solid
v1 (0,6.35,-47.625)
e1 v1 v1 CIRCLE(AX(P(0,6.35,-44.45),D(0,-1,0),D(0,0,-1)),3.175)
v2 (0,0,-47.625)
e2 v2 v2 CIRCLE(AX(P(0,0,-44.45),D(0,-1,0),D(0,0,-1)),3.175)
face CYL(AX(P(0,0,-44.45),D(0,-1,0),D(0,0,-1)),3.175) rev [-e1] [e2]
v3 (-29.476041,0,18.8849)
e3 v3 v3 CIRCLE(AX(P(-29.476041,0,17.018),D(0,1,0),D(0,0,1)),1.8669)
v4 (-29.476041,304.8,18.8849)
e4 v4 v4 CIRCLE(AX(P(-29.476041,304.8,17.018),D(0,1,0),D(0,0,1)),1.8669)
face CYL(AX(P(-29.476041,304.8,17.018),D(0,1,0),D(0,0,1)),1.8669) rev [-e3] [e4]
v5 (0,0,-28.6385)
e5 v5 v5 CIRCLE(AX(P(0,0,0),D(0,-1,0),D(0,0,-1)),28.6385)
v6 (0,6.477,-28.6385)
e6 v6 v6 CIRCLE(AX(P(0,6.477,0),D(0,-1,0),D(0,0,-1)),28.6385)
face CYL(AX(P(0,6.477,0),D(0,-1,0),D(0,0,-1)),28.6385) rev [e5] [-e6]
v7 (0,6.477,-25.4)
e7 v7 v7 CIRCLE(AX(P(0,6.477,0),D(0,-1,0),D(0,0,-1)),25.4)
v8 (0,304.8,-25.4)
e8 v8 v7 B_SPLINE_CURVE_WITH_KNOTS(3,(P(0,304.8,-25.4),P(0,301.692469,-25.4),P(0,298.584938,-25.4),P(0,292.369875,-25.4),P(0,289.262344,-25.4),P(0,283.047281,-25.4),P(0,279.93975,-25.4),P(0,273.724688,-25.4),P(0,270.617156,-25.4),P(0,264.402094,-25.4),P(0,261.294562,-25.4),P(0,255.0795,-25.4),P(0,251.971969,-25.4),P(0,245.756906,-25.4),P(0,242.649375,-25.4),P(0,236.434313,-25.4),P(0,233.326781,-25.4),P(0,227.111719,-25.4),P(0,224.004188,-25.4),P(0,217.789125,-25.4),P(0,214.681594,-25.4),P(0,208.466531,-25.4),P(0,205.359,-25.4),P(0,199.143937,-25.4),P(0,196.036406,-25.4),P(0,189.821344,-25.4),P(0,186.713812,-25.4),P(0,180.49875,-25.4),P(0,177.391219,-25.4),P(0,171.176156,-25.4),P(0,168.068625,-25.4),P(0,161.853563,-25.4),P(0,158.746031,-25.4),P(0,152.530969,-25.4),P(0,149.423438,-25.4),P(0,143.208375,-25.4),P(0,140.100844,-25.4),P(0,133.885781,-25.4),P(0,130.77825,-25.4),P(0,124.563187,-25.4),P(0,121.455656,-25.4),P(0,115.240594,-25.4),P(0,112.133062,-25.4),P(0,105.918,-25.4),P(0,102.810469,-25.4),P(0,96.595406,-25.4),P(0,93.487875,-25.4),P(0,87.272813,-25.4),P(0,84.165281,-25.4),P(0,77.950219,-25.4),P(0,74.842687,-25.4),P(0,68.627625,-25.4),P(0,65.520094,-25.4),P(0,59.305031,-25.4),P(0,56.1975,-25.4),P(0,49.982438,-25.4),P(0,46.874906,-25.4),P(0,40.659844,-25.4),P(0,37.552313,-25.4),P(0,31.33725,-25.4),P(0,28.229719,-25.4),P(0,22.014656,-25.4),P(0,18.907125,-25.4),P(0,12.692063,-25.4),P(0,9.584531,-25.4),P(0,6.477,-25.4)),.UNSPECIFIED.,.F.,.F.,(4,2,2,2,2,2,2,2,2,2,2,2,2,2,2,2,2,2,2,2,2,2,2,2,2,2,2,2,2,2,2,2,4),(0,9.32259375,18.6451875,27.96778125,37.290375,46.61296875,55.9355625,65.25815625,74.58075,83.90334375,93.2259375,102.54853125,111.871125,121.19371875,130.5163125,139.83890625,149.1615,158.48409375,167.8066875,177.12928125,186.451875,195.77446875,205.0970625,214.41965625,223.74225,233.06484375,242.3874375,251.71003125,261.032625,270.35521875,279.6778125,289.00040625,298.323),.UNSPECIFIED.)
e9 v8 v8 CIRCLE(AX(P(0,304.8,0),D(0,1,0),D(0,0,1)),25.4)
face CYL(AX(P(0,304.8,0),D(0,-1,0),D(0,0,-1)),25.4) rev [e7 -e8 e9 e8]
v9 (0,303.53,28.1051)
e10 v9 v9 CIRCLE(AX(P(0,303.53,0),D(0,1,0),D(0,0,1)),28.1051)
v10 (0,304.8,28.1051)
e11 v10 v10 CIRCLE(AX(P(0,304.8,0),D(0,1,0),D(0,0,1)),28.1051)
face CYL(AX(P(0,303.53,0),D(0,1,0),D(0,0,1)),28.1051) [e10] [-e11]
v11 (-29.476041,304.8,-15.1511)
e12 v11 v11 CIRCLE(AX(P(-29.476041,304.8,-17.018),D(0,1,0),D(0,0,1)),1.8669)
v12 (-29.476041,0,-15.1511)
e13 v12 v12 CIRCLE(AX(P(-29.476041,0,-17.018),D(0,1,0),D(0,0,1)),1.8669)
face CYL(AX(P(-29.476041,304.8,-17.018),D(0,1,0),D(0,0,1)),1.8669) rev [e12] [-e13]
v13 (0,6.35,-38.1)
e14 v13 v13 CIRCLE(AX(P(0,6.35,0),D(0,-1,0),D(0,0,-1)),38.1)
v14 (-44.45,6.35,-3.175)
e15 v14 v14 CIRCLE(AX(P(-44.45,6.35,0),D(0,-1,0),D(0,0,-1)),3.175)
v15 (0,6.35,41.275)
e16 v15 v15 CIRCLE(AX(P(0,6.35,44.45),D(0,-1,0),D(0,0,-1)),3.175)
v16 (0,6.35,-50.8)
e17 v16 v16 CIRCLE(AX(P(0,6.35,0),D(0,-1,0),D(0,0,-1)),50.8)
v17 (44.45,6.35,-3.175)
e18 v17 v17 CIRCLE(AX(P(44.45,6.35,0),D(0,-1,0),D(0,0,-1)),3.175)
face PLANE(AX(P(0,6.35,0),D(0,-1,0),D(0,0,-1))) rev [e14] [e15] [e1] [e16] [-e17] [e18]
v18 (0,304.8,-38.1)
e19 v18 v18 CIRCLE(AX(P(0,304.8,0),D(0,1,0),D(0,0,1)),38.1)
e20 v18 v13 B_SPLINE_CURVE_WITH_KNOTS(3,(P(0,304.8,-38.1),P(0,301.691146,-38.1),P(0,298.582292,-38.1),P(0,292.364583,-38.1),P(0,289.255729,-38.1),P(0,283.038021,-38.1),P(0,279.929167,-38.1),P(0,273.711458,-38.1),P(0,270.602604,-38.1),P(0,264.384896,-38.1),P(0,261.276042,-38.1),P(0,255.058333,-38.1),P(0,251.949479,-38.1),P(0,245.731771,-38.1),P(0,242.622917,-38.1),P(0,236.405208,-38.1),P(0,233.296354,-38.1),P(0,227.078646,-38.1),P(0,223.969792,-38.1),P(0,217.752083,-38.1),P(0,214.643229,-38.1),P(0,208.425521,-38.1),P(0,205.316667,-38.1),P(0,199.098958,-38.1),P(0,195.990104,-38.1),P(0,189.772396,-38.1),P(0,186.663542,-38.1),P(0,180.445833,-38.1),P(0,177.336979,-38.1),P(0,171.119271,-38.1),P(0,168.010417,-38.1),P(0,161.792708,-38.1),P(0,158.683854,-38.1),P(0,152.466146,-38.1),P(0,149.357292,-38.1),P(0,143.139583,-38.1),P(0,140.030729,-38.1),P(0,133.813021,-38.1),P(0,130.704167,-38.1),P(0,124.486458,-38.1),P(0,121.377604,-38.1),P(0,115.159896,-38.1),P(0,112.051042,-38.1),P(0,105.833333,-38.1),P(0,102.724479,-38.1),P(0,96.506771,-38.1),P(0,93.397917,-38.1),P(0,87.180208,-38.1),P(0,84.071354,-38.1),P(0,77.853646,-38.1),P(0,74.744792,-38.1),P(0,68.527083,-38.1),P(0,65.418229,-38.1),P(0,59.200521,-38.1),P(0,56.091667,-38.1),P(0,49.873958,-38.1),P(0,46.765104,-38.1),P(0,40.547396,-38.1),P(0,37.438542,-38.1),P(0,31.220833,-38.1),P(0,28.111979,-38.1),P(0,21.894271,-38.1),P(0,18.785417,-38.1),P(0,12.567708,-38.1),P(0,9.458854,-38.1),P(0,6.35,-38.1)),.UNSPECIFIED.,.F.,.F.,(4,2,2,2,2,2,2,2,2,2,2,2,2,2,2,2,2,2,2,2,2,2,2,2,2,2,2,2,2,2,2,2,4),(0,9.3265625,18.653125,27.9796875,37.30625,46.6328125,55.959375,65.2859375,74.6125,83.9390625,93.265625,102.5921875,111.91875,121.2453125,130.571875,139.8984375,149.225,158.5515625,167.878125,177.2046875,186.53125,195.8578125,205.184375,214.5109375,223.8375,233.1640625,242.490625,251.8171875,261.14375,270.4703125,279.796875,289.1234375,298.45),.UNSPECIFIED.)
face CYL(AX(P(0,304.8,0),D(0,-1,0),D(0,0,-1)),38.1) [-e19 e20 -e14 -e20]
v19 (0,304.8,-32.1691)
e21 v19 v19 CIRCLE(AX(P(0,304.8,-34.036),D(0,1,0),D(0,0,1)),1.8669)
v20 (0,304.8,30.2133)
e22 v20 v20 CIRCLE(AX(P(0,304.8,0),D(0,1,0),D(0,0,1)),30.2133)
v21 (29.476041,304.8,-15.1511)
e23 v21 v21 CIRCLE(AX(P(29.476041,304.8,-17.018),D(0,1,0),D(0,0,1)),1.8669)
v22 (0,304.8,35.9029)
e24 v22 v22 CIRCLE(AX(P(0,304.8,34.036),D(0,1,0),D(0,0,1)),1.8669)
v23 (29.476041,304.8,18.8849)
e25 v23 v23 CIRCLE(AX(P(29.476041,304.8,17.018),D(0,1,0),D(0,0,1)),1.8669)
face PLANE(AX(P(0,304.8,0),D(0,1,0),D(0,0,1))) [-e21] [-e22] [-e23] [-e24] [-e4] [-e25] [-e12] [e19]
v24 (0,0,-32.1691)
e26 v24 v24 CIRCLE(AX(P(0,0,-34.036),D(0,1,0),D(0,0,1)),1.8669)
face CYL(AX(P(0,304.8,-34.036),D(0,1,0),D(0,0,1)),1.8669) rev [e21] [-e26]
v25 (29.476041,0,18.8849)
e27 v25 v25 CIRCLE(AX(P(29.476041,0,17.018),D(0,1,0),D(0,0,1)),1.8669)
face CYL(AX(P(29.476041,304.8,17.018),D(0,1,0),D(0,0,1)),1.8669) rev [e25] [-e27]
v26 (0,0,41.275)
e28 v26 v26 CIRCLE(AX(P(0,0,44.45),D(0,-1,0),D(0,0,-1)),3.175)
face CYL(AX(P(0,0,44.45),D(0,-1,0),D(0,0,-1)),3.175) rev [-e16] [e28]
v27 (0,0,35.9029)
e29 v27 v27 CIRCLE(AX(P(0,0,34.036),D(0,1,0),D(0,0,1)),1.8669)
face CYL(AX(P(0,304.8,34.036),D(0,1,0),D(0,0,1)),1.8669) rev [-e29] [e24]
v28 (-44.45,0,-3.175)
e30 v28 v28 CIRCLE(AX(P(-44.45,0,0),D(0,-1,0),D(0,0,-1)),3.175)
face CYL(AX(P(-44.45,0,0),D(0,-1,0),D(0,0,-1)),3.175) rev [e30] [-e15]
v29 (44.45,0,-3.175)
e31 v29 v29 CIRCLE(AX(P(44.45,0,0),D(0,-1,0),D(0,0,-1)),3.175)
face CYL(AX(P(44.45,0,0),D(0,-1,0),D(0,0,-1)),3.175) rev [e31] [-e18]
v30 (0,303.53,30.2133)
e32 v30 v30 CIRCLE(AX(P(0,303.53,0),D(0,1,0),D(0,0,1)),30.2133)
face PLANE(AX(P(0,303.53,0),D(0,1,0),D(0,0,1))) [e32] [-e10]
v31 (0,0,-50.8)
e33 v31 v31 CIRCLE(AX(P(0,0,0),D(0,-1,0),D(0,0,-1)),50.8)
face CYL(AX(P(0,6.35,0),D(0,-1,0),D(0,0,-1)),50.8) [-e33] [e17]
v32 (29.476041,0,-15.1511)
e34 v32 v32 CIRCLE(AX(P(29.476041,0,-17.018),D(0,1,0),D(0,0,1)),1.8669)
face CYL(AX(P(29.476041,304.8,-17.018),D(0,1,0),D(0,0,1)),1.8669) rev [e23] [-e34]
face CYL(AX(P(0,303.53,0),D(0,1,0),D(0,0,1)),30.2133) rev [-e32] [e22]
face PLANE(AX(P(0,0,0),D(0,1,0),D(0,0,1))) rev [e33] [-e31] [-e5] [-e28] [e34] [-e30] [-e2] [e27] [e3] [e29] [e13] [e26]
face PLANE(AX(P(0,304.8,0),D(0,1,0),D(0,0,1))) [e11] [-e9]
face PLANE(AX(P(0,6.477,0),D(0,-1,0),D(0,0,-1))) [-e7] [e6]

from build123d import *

# Parameters (mm, degrees)
SKETCH1_R                        = 38.1
SKETCH1_R_2                      = 25.4
BOSS_EXTRUDE1_DEPTH              = 304.8
SKETCH2_R                        = 50.8
SKETCH2_R_2                      = 38.1
BOSS_EXTRUDE2_DEPTH              = 6.35
F_1_4_0_25_DIAMETER_HOLE1_D      = 6.35
SKETCH5_R                        = 28.6385
CUT_EXTRUDE1_DEPTH               = 6.477
SKETCH6_R                        = 30.2133
SKETCH6_R_2                      = 28.1051
CUT_EXTRUDE2_DEPTH               = 1.27
TAPPED_HOLE_FOR_6_32_HELICOIL1_D = 3.7338
CIRPATTERN1_COUNT                = 6


with BuildPart() as part:
    # Sketch1 → Boss-Extrude1 (new body)
    with BuildSketch(Plane(origin=(0, 0, 0), x_dir=(1, 0, 0), z_dir=(0, 1, 0))):
        with Locations(Location((0, 0, 0), (0, 0, 90))):
            Circle(SKETCH1_R)
        with Locations(Location((0, 0, 0), (0, 0, 90))):
            Circle(SKETCH1_R_2, mode=Mode.SUBTRACT)
    extrude(amount=BOSS_EXTRUDE1_DEPTH)

    # Sketch2 → Boss-Extrude2 (add)
    with BuildSketch(Plane(origin=(0, 0, 0), x_dir=(-1, 0, 0), z_dir=(0, -1, 0))):
        with Locations(Location((0, 0, 0), (0, 0, 90))):
            Circle(SKETCH2_R)
        with Locations(Location((0, 0, 0), (0, 0, 90))):
            Circle(SKETCH2_R_2, mode=Mode.SUBTRACT)
    extrude(amount=-BOSS_EXTRUDE2_DEPTH)

    # 1/4 (0.25) Diameter Hole1 (through all)
    with Locations(Plane(origin=(0, 0, 0), x_dir=(-1, 0, 0), z_dir=(0, -1, 0))):
        with Locations((0, -44.45), (-44.45, 0), (0, 44.45), (44.45, 0)):
            Hole(F_1_4_0_25_DIAMETER_HOLE1_D / 2)

    # Sketch5 → Cut-Extrude1 (cut)
    with BuildSketch(Plane(origin=(0, 0, 0), x_dir=(-1, 0, 0), z_dir=(0, -1, 0))):
        with Locations(Location((0, 0, 0), (0, 0, 90))):
            Circle(SKETCH5_R)
    extrude(amount=-CUT_EXTRUDE1_DEPTH, mode=Mode.SUBTRACT)

    # Sketch6 → Cut-Extrude2 (cut)
    with BuildSketch(Plane(origin=(0, 304.8, 0), x_dir=(1, 0, 0), z_dir=(0, 1, 0))):
        with Locations(Location((0, 0, 0), (0, 0, 270))):
            Circle(SKETCH6_R)
        with Locations(Location((0, 0, 0), (0, 0, 270))):
            Circle(SKETCH6_R_2, mode=Mode.SUBTRACT)
    extrude(amount=-CUT_EXTRUDE2_DEPTH, mode=Mode.SUBTRACT)

    # Tapped Hole for #6-32 Helicoil1 (through all)
    with Locations(Plane(origin=(0, 304.8, 0), x_dir=(1, 0, 0), z_dir=(0, 1, 0))):
        with Locations((0, 34.036)):
            tapped_hole_for_6_32_helicoil1 = Hole(TAPPED_HOLE_FOR_6_32_HELICOIL1_D / 2)

    # CirPattern1: Tapped Hole for #6-32 Helicoil1 ×6 about axis
    cirpattern1_axis = Axis((0, 0, 0), (0, 1, 0))
    for i in range(1, CIRPATTERN1_COUNT):
        add(tapped_hole_for_6_32_helicoil1.rotate(cirpattern1_axis, i * 360 / CIRPATTERN1_COUNT), mode=Mode.SUBTRACT)


solid = part.part
